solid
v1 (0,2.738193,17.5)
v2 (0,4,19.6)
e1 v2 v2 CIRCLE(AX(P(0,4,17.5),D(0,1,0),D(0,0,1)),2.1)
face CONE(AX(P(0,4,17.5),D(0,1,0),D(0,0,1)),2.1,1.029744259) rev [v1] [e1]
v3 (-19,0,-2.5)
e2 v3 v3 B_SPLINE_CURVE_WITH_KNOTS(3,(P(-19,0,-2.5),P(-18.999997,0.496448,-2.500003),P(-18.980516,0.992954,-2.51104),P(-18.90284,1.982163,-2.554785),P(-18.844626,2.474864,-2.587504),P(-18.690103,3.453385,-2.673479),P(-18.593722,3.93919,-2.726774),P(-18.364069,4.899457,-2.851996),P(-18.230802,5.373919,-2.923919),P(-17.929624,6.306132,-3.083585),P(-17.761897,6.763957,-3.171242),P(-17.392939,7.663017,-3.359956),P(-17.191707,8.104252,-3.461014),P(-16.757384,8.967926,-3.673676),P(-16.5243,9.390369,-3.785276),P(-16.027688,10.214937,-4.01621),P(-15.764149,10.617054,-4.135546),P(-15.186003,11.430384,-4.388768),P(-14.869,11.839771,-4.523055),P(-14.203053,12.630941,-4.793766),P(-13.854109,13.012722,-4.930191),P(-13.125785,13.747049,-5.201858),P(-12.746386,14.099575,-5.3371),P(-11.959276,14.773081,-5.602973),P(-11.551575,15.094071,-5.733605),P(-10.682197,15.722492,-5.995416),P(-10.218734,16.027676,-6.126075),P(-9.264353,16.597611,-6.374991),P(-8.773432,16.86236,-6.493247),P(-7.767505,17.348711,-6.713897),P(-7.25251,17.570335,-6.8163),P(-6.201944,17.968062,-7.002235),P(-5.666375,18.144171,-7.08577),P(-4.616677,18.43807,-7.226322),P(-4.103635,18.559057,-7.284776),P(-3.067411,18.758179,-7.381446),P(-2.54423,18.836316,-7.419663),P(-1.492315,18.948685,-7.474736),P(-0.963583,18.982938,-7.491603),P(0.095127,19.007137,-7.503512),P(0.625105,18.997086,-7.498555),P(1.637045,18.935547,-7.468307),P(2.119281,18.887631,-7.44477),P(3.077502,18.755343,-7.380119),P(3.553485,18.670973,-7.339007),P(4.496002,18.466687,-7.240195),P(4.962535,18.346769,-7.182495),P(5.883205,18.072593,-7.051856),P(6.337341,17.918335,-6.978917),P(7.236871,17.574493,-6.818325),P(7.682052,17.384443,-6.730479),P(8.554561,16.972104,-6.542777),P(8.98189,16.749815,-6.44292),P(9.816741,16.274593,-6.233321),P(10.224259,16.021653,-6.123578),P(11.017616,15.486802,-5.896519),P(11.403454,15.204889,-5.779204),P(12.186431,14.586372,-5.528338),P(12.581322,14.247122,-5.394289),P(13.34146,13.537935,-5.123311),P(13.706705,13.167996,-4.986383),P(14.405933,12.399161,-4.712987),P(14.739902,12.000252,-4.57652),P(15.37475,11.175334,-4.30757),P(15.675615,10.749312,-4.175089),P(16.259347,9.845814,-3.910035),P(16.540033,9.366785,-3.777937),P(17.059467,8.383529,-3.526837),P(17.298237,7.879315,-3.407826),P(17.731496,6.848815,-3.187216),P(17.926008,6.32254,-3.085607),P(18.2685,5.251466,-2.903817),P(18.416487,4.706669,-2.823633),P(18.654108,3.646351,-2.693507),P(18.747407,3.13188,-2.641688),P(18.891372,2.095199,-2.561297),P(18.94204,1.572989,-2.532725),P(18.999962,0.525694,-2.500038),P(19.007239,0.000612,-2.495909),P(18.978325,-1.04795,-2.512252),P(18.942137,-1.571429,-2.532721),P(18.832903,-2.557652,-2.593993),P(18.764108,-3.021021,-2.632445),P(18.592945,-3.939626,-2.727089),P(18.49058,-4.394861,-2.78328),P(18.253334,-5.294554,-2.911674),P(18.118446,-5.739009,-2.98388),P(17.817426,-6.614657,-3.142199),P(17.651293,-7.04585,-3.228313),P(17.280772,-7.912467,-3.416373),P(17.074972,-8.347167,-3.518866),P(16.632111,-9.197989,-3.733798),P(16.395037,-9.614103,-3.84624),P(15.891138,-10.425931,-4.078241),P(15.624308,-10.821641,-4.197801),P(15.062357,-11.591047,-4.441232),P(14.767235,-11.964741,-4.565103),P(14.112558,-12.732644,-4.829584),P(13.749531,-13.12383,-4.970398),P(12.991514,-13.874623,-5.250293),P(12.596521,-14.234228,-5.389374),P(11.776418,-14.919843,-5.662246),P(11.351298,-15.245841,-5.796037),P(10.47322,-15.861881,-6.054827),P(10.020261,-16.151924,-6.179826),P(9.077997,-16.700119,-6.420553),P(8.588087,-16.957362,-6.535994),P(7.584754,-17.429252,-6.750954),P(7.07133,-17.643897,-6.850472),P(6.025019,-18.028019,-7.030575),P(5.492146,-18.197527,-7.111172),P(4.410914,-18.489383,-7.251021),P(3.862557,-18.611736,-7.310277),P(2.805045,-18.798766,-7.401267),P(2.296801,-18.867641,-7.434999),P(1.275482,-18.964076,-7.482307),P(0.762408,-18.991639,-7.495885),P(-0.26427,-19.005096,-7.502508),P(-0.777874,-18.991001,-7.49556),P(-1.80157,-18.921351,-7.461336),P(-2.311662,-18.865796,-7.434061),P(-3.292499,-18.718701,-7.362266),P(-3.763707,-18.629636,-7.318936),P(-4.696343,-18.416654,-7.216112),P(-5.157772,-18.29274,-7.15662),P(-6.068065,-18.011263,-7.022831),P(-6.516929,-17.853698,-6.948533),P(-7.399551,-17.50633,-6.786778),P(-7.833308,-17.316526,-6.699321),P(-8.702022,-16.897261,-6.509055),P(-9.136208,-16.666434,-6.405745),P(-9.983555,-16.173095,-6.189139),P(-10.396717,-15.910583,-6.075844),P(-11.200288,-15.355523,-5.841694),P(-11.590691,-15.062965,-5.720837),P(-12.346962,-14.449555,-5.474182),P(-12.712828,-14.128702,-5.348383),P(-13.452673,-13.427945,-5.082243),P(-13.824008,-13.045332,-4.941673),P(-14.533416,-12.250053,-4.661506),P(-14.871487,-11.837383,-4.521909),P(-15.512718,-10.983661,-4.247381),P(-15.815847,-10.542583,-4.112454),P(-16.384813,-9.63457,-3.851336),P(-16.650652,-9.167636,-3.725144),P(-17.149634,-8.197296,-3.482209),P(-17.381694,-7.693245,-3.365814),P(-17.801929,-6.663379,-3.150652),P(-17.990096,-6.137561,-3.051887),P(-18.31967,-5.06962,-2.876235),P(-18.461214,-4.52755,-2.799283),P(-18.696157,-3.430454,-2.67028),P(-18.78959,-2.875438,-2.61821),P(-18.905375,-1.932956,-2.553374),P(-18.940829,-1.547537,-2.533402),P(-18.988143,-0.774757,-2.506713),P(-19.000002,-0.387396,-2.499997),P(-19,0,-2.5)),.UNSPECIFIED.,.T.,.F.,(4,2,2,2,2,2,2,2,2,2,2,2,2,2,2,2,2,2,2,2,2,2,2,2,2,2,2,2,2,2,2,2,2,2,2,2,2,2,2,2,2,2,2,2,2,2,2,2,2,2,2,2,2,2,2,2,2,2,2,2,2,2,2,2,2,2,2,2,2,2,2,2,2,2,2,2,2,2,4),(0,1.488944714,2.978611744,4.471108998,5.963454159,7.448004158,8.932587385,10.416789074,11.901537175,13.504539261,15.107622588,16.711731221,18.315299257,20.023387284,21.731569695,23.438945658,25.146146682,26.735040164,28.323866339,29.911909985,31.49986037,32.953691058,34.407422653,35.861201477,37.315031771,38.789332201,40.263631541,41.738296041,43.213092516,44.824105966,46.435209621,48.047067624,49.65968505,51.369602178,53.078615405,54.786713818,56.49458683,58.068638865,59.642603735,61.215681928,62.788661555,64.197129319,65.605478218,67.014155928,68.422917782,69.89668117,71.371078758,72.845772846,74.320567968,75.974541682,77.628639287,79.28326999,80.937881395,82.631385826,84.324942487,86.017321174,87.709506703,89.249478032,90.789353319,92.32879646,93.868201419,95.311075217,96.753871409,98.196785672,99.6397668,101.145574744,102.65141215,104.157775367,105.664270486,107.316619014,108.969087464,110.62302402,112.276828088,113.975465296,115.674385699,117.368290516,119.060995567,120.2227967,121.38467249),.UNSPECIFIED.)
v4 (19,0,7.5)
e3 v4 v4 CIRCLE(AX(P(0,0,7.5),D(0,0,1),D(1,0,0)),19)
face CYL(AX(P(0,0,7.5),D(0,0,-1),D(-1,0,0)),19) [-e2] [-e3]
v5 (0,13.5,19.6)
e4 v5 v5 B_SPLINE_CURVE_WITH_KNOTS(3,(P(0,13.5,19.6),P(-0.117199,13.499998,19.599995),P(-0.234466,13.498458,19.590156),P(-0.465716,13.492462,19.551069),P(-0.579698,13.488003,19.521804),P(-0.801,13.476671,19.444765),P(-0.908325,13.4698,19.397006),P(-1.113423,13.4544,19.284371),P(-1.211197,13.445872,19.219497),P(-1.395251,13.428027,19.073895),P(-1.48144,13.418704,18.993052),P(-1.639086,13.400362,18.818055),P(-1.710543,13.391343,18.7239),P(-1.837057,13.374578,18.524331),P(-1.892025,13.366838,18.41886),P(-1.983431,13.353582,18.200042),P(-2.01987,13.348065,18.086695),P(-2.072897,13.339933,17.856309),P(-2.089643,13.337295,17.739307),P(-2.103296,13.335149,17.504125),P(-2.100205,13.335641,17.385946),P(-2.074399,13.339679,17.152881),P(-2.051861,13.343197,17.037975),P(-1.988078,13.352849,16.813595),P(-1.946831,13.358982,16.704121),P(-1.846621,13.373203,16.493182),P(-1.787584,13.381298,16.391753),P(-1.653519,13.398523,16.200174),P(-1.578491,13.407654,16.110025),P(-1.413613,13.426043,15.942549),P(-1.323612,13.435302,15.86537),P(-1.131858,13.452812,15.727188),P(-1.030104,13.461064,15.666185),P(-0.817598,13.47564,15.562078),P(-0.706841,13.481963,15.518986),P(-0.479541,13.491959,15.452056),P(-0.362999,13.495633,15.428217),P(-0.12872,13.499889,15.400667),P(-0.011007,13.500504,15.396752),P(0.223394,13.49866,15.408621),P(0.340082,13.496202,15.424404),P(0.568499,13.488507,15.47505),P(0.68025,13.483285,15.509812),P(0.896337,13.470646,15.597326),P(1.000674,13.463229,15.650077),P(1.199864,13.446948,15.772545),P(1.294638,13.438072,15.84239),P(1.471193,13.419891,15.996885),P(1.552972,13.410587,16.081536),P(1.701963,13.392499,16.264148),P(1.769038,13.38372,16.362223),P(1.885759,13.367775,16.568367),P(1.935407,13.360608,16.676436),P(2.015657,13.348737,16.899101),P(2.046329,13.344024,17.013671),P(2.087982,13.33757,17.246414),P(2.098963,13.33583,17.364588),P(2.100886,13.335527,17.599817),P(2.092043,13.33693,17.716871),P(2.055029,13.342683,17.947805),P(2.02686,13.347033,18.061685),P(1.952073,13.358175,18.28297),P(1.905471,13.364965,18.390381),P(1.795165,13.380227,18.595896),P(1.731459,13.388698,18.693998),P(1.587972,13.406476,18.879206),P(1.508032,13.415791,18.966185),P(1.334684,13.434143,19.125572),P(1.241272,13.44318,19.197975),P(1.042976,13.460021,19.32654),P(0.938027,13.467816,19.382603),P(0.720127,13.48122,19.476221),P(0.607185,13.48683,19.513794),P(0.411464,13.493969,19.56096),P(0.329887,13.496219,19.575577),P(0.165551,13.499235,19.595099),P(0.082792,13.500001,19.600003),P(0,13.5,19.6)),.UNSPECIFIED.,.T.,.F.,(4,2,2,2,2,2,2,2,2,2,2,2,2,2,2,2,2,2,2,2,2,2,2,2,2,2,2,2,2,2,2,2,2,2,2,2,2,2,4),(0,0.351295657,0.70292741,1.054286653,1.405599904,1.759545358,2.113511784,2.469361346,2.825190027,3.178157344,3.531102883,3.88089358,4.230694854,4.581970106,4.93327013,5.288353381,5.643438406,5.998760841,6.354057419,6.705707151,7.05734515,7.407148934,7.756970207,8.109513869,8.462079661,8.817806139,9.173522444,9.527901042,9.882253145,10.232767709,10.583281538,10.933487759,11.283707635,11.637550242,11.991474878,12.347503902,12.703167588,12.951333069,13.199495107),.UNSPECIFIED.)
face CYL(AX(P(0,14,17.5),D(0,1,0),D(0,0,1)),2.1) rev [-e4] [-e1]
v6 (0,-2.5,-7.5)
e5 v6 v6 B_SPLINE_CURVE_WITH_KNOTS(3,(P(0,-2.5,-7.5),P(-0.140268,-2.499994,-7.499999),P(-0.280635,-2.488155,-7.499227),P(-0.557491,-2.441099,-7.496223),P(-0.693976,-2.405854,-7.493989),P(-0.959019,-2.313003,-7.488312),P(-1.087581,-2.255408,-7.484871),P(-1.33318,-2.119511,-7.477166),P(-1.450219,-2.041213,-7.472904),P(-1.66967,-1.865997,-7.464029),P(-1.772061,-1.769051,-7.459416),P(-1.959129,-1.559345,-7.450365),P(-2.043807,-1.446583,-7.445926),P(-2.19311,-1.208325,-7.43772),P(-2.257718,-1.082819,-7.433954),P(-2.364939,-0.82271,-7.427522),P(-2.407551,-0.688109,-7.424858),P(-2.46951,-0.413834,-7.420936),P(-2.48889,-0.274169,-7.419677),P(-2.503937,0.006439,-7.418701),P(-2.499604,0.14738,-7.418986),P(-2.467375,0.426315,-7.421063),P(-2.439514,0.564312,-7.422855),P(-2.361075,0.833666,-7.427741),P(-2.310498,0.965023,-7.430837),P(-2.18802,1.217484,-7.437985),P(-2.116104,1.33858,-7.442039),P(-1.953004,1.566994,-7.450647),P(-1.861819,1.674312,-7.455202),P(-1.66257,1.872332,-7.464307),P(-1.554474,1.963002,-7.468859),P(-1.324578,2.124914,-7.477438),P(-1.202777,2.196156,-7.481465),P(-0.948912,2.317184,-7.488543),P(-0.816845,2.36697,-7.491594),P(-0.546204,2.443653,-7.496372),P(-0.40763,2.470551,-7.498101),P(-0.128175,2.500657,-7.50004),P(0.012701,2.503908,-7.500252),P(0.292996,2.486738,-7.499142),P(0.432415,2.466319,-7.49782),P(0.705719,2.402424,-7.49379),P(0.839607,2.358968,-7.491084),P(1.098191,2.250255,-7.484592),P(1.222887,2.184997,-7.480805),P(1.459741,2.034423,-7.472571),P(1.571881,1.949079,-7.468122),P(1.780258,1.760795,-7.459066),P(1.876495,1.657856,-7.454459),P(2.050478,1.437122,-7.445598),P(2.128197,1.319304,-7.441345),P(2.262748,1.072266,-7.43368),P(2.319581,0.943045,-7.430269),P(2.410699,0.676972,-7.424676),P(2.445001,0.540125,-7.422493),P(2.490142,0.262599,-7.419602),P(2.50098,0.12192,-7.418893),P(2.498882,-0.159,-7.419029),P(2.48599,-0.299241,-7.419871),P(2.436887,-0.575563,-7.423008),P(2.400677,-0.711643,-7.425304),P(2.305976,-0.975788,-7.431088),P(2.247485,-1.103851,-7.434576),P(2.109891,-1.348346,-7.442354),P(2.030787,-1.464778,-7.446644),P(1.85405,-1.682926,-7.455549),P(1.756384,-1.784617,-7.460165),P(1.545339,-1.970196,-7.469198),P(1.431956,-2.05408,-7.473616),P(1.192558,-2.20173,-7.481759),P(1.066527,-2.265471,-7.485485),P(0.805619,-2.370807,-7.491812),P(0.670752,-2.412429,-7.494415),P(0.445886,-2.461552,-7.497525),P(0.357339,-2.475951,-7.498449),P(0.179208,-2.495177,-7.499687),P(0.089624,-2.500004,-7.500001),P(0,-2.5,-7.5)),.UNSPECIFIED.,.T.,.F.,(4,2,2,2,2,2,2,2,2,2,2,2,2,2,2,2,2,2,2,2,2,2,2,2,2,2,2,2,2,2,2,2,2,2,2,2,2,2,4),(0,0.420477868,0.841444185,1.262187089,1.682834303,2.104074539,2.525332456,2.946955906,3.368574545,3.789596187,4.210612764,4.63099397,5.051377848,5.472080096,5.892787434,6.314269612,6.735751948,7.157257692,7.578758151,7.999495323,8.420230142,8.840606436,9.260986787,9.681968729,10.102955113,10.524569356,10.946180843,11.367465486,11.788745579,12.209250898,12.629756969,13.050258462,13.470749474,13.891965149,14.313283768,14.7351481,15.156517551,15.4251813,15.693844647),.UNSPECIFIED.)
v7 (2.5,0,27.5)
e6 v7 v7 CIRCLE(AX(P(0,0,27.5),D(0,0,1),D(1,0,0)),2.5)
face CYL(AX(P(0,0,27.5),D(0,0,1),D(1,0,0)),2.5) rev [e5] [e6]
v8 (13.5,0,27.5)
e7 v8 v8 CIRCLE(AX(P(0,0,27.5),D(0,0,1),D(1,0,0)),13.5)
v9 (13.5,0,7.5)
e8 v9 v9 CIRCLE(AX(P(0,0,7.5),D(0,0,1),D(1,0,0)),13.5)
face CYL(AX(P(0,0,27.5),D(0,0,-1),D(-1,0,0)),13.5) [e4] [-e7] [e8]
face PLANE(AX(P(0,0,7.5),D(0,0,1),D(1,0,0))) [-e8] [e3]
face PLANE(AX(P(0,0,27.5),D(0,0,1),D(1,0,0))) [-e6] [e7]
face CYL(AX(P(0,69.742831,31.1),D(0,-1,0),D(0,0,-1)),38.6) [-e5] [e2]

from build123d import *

# Parameters (mm, degrees)
ESBO_O1_R                  = 19
RESSALTO_EXTRUS_O1_DEPTH   = 7.5
CORTE_EXTRUS_O1_DEPTH      = 28.897132469
CORTE_EXTRUS_O1_DEPTH_BACK = 28.897132469
ESBO_O3_R                  = 13.5
RESSALTO_EXTRUS_O2_DEPTH   = 20
FURO_ROSCADO_DE_M61_D      = 5
FURO_ROSCADO_DE_M51_D      = 4.2
FURO_ROSCADO_DE_M51_DEPTH  = 10
FURO_ROSCADO_DE_M51_TIP    = 1.2618073


with BuildPart() as part:
    # Esboço1 → Ressalto-extrusão1 (new, symmetric)
    with BuildSketch(Plane.XY):
        Circle(ESBO_O1_R)
    extrude(amount=RESSALTO_EXTRUS_O1_DEPTH, both=True)

    # Esboço2 → Corte-extrusão1 (cut, two sides: drawn at the far end of the back side and taken through both)
    with BuildSketch(Plane(origin=(0, 0, 0), x_dir=(1, 0, 0), z_dir=(0, 1, 0)).offset(-CORTE_EXTRUS_O1_DEPTH_BACK)):
        with BuildLine():
            Line((-96.112462059, -41.105261283), (-19, 2.5))
            ThreePointArc((-19, 2.5), (0, 7.5), (19, 2.5))
            Line((19, 2.5), (96.112462059, -41.105261283))
            Line((96.112462059, -41.105261283), (96.112462059, 136.069800352))
            Line((96.112462059, 136.069800352), (-96.112462059, 136.069800352))
            Line((-96.112462059, 136.069800352), (-96.112462059, -41.105261283))
        make_face()
    extrude(amount=CORTE_EXTRUS_O1_DEPTH + CORTE_EXTRUS_O1_DEPTH_BACK, mode=Mode.SUBTRACT)

    # Esboço3 → Ressalto-extrusão2 (add)
    with BuildSketch(Plane.XY.offset(7.5)):
        Circle(ESBO_O3_R)
    extrude(amount=RESSALTO_EXTRUS_O2_DEPTH)

    # Furo roscado de M61 (through all)
    with Locations(Plane.XY.offset(27.5)):
        with Locations((0, 0)):
            Hole(FURO_ROSCADO_DE_M61_D / 2)

    # Furo roscado de M51
    with Locations(Plane(origin=(0, 14, 0), x_dir=(1, 0, 0), z_dir=(0, 1, 0))):
        with Locations((0, -17.5)):
            Hole(FURO_ROSCADO_DE_M51_D / 2, depth=FURO_ROSCADO_DE_M51_DEPTH)
            with Locations((0, 0, -(FURO_ROSCADO_DE_M51_DEPTH + FURO_ROSCADO_DE_M51_TIP / 2))):  # 118° drill point
                Cone(0, FURO_ROSCADO_DE_M51_D / 2, FURO_ROSCADO_DE_M51_TIP, mode=Mode.SUBTRACT)


solid = part.part
